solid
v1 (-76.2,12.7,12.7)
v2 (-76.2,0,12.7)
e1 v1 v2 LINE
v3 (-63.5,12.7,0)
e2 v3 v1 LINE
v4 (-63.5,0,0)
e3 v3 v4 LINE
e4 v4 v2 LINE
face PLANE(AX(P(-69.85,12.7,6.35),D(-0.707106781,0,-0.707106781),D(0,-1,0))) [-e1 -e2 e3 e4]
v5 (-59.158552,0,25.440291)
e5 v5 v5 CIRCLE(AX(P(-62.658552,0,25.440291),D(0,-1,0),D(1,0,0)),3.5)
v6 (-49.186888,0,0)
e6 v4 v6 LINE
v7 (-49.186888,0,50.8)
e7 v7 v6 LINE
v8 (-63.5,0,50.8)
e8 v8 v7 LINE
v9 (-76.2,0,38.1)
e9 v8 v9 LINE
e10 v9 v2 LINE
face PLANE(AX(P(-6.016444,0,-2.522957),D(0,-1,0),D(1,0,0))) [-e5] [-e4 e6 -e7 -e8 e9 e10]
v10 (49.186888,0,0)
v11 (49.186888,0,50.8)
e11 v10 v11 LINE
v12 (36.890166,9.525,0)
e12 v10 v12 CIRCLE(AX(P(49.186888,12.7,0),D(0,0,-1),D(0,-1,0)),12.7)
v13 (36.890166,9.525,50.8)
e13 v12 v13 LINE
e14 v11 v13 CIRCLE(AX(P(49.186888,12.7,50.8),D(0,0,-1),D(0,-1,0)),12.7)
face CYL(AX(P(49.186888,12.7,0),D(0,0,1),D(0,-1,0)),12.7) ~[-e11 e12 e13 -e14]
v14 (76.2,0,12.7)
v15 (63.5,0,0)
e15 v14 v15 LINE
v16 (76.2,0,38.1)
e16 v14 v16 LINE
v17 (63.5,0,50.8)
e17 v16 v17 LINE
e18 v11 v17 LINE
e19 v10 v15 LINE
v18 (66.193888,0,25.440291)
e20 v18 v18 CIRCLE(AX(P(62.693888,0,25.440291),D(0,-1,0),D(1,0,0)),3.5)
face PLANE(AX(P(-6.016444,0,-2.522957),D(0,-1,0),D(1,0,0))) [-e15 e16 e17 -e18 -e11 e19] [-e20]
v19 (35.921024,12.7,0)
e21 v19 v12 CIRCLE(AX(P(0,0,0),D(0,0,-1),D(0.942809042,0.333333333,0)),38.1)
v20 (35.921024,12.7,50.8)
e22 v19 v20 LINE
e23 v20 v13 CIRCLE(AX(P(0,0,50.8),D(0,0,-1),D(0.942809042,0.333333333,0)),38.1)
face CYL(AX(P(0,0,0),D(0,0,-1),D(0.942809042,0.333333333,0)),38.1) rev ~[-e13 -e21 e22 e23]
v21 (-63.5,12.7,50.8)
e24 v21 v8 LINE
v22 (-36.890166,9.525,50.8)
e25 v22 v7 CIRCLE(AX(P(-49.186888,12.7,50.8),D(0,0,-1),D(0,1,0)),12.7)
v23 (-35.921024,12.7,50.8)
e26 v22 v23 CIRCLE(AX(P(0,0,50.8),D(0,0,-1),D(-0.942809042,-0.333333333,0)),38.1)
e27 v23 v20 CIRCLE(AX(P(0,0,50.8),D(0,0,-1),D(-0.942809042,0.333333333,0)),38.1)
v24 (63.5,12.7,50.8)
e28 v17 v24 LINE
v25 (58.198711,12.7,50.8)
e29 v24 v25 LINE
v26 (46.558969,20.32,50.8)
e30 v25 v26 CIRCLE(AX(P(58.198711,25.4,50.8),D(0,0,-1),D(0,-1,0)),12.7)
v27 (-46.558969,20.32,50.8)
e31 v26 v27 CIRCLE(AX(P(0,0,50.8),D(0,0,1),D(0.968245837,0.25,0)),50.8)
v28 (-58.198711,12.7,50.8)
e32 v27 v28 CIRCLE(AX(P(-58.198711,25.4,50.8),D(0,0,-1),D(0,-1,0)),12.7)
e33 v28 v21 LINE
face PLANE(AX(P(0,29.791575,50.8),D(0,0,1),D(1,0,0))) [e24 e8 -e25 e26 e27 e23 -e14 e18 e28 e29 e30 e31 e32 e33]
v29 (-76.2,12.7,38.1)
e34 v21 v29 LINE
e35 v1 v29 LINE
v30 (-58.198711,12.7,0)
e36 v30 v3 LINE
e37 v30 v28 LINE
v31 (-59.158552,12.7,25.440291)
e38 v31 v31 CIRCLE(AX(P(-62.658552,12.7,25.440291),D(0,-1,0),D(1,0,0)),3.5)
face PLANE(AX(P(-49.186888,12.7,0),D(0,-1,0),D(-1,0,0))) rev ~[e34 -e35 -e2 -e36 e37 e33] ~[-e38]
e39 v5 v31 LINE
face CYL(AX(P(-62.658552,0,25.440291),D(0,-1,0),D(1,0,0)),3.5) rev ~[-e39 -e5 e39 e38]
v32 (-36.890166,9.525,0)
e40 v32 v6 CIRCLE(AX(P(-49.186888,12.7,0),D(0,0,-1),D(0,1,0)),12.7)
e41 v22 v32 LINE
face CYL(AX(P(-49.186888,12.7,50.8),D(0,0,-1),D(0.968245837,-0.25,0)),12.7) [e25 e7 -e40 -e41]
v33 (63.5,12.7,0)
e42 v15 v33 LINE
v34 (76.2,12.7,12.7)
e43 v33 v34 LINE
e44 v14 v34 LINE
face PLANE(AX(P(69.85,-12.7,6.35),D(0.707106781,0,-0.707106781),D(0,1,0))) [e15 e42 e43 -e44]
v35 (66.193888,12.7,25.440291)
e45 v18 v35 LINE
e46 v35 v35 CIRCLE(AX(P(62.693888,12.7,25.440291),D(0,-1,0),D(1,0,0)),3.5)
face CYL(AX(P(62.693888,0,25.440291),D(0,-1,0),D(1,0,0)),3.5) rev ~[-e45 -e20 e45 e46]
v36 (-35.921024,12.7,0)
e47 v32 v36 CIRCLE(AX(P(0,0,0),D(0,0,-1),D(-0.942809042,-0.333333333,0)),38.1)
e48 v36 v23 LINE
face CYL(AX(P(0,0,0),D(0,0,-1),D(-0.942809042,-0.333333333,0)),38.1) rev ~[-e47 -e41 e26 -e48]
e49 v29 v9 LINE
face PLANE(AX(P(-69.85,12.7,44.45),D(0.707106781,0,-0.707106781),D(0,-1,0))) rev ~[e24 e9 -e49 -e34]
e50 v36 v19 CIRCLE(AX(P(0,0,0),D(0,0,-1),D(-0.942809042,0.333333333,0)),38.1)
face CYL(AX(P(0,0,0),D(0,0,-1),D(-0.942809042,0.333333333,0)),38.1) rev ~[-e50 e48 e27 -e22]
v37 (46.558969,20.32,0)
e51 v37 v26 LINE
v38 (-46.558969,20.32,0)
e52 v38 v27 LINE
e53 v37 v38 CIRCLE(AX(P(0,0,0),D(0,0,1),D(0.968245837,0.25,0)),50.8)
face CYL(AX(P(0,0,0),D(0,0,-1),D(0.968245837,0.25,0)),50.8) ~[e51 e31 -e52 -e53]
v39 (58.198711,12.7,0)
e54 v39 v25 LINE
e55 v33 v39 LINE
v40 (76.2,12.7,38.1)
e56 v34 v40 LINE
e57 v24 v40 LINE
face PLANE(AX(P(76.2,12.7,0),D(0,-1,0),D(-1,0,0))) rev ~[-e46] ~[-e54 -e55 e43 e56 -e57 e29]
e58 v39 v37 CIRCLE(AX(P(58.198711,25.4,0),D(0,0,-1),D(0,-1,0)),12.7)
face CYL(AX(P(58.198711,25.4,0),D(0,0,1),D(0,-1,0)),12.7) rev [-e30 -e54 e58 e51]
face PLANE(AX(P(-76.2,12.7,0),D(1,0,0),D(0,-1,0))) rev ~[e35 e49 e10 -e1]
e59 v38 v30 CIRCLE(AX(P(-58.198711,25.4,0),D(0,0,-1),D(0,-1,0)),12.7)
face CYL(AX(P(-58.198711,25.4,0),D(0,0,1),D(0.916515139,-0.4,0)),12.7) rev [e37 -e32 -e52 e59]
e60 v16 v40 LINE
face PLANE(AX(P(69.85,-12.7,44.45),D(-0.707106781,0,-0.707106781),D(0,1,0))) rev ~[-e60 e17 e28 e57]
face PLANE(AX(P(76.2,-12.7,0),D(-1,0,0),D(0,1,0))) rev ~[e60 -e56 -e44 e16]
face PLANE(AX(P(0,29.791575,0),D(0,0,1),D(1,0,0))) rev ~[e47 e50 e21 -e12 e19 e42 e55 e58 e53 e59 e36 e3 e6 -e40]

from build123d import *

# Parameters (mm, degrees)
F1_DEPTH  = 50.8
F3_DEPTH  = 12.7
F4_SIZE   = 12.7
F5_R      = 11.35
F5_R_2    = 10
F6_DEPTH  = 44.45
F7_R      = 12.7
F8_R      = 3.5
F9_DEPTH  = 50.801
F10_W     = 183.8439181447
F10_H     = 157.3934331536
F11_DEPTH = 114.3
F12_R     = 12.7


with BuildPart() as f1:
    # F0 (on Top) → F1 (new body)
    with BuildSketch(Plane.XY):
        with BuildLine():
            ThreePointArc((-35.9210244843, 12.7), (0, 38.1), (35.9210244843, 12.7))
            Line((35.9210244843, 12.7), (49.1868884968, 12.7))
            ThreePointArc((49.1868884968, 12.7), (0, 50.8), (-49.1868884968, 12.7))
            Line((-49.1868884968, 12.7), (-35.9210244843, 12.7))
        make_face()
        with BuildLine():
            ThreePointArc((-49.1868884968, -12.7), (-50.8, 0), (-49.1868884968, 12.7))
            Line((-49.1868884968, 12.7), (-76.2, 12.7))
            Line((-76.2, 12.7), (-76.2, -12.7))
            Line((-76.2, -12.7), (-49.1868884968, -12.7))
        make_face()
        with BuildLine():
            ThreePointArc((-35.9210244843, -12.7), (-38.1, 0), (-35.9210244843, 12.7))
            Line((-35.9210244843, 12.7), (-49.1868884968, 12.7))
            ThreePointArc((-49.1868884968, 12.7), (-50.8, 0), (-49.1868884968, -12.7))
            Line((-49.1868884968, -12.7), (-35.9210244843, -12.7))
        make_face()
        with BuildLine():
            ThreePointArc((35.9210244843, 12.7), (37.5513051228, 6.4427853895), (38.1, 0))
            ThreePointArc((38.1, 0), (37.5513051228, -6.4427853895), (35.9210244843, -12.7))
            Line((35.9210244843, -12.7), (49.1868884968, -12.7))
            ThreePointArc((49.1868884968, -12.7), (50.3951085704, -6.4010180581), (50.8, 0))
            ThreePointArc((50.8, 0), (50.3951085704, 6.4010180581), (49.1868884968, 12.7))
            Line((49.1868884968, 12.7), (35.9210244843, 12.7))
        make_face()
        with BuildLine():
            Line((76.2, 12.7), (49.1868884968, 12.7))
            ThreePointArc((49.1868884968, 12.7), (50.3951085704, 6.4010180581), (50.8, 0))
            ThreePointArc((50.8, 0), (50.3951085704, -6.4010180581), (49.1868884968, -12.7))
            Line((49.1868884968, -12.7), (76.2, -12.7))
            Line((76.2, -12.7), (76.2, 12.7))
        make_face()
        with BuildLine():
            ThreePointArc((-19.05, -32.9955678842), (-29.2989914869, -24.3552683798), (-35.9210244843, -12.7))
            Line((-35.9210244843, -12.7), (-49.1868884968, -12.7))
            ThreePointArc((-49.1868884968, -12.7), (-38.2071387235, -33.479165918), (-19.05, -47.0928603931))
            Line((-19.05, -47.0928603931), (-19.05, -32.9955678842))
        make_face()
        with BuildLine():
            Line((49.1868884968, -12.7), (35.9210244843, -12.7))
            ThreePointArc((35.9210244843, -12.7), (29.2989914869, -24.3552683798), (19.05, -32.9955678842))
            Line((19.05, -32.9955678842), (19.05, -47.0928603931))
            ThreePointArc((19.05, -47.0928603931), (38.2071387235, -33.479165918), (49.1868884968, -12.7))
        make_face()
        with BuildLine():
            Line((19.05, -47.0928603931), (19.05, -32.9955678842))
            ThreePointArc((19.05, -32.9955678842), (0, -38.1), (-19.05, -32.9955678842))
            Line((-19.05, -32.9955678842), (-19.05, -47.0928603931))
            ThreePointArc((-19.05, -47.0928603931), (0, -50.8), (19.05, -47.0928603931))
        make_face()
        with BuildLine():
            Line((19.05, -88.9), (19.05, -47.0928603931))
            ThreePointArc((19.05, -47.0928603931), (0, -50.8), (-19.05, -47.0928603931))
            Line((-19.05, -47.0928603931), (-19.05, -88.9))
            Line((-19.05, -88.9), (19.05, -88.9))
        make_face()
    extrude(amount=F1_DEPTH)

    # F2 (on face) → F3 (cut)
    with BuildSketch(Plane.XZ.offset(12.7)):
        Polygon((-55.6935602012, 25.3597094836), (-59.1586096141, 31.4419321502), (-66.1584936613, 31.4822226666), (-69.6933282956, 25.4402905164), (-66.2282788827, 19.3580678498), (-59.2283948355, 19.3177773334), align=None)
        Polygon((59.1938884968, 31.4621778265), (55.6938884968, 25.4), (59.1938884968, 19.3378221735), (66.1938884968, 19.3378221735), (69.6938884968, 25.4), (66.1938884968, 31.4621778265), align=None)
    extrude(amount=-F3_DEPTH, mode=Mode.SUBTRACT)

    # F4
    f4_edges = [f1.edges().sort_by_distance(p)[0] for p in [
        (-76.2, 0, 50.8),
        (-76.2, 0, 0),
        (76.2, 0, 50.8),
        (76.2, 0, 0),
    ]]
    chamfer(f4_edges, length=F4_SIZE)

    # F5 (on face) → F6 (cut)
    with BuildSketch(Plane.XY.offset(50.8)):
        with Locations((0, -67.9964301965)):
            Circle(F5_R)
        with Locations((0, -67.9964301965)):
            Circle(F5_R_2, mode=Mode.SUBTRACT)
    extrude(amount=-F6_DEPTH, mode=Mode.SUBTRACT)

    # F7
    f7_edges = [f1.edges().sort_by_distance(p)[0] for p in [
        (-19.05, -88.9, 25.4),
        (19.05, -88.9, 25.4),
        (-19.05, -47.09286, 25.4),
        (19.05, -47.09286, 25.4),
        (49.186888, -12.7, 25.4),
        (-49.186888, -12.7, 25.4),
        (-49.186888, 12.7, 25.4),
        (49.186888, 12.7, 25.4),
    ]]
    fillet(f7_edges, radius=F7_R)

    # F8 (on face) → F9 (cut, through all)
    with BuildSketch(Plane.XZ):
        with Locations((-62.6585516377, 25.4402905164)):
            Circle(F8_R)
        with Locations((62.6938884968, 25.4402905164)):
            Circle(F8_R)
    extrude(amount=-F9_DEPTH, mode=Mode.SUBTRACT)

    # F10 (on Front) → F11 (cut)
    with BuildSketch(Plane.XZ):
        with Locations((-6.0164444149, -2.5229565799)):
            Rectangle(F10_W, F10_H)
    extrude(amount=F11_DEPTH, mode=Mode.SUBTRACT)

    # F12
    f12_edges = [f1.edges().sort_by_distance(p)[0] for p in [
        (-38.1, 0, 25.4),
        (38.1, 0, 25.4),
    ]]
    fillet(f12_edges, radius=F12_R)


solid = f1.part
